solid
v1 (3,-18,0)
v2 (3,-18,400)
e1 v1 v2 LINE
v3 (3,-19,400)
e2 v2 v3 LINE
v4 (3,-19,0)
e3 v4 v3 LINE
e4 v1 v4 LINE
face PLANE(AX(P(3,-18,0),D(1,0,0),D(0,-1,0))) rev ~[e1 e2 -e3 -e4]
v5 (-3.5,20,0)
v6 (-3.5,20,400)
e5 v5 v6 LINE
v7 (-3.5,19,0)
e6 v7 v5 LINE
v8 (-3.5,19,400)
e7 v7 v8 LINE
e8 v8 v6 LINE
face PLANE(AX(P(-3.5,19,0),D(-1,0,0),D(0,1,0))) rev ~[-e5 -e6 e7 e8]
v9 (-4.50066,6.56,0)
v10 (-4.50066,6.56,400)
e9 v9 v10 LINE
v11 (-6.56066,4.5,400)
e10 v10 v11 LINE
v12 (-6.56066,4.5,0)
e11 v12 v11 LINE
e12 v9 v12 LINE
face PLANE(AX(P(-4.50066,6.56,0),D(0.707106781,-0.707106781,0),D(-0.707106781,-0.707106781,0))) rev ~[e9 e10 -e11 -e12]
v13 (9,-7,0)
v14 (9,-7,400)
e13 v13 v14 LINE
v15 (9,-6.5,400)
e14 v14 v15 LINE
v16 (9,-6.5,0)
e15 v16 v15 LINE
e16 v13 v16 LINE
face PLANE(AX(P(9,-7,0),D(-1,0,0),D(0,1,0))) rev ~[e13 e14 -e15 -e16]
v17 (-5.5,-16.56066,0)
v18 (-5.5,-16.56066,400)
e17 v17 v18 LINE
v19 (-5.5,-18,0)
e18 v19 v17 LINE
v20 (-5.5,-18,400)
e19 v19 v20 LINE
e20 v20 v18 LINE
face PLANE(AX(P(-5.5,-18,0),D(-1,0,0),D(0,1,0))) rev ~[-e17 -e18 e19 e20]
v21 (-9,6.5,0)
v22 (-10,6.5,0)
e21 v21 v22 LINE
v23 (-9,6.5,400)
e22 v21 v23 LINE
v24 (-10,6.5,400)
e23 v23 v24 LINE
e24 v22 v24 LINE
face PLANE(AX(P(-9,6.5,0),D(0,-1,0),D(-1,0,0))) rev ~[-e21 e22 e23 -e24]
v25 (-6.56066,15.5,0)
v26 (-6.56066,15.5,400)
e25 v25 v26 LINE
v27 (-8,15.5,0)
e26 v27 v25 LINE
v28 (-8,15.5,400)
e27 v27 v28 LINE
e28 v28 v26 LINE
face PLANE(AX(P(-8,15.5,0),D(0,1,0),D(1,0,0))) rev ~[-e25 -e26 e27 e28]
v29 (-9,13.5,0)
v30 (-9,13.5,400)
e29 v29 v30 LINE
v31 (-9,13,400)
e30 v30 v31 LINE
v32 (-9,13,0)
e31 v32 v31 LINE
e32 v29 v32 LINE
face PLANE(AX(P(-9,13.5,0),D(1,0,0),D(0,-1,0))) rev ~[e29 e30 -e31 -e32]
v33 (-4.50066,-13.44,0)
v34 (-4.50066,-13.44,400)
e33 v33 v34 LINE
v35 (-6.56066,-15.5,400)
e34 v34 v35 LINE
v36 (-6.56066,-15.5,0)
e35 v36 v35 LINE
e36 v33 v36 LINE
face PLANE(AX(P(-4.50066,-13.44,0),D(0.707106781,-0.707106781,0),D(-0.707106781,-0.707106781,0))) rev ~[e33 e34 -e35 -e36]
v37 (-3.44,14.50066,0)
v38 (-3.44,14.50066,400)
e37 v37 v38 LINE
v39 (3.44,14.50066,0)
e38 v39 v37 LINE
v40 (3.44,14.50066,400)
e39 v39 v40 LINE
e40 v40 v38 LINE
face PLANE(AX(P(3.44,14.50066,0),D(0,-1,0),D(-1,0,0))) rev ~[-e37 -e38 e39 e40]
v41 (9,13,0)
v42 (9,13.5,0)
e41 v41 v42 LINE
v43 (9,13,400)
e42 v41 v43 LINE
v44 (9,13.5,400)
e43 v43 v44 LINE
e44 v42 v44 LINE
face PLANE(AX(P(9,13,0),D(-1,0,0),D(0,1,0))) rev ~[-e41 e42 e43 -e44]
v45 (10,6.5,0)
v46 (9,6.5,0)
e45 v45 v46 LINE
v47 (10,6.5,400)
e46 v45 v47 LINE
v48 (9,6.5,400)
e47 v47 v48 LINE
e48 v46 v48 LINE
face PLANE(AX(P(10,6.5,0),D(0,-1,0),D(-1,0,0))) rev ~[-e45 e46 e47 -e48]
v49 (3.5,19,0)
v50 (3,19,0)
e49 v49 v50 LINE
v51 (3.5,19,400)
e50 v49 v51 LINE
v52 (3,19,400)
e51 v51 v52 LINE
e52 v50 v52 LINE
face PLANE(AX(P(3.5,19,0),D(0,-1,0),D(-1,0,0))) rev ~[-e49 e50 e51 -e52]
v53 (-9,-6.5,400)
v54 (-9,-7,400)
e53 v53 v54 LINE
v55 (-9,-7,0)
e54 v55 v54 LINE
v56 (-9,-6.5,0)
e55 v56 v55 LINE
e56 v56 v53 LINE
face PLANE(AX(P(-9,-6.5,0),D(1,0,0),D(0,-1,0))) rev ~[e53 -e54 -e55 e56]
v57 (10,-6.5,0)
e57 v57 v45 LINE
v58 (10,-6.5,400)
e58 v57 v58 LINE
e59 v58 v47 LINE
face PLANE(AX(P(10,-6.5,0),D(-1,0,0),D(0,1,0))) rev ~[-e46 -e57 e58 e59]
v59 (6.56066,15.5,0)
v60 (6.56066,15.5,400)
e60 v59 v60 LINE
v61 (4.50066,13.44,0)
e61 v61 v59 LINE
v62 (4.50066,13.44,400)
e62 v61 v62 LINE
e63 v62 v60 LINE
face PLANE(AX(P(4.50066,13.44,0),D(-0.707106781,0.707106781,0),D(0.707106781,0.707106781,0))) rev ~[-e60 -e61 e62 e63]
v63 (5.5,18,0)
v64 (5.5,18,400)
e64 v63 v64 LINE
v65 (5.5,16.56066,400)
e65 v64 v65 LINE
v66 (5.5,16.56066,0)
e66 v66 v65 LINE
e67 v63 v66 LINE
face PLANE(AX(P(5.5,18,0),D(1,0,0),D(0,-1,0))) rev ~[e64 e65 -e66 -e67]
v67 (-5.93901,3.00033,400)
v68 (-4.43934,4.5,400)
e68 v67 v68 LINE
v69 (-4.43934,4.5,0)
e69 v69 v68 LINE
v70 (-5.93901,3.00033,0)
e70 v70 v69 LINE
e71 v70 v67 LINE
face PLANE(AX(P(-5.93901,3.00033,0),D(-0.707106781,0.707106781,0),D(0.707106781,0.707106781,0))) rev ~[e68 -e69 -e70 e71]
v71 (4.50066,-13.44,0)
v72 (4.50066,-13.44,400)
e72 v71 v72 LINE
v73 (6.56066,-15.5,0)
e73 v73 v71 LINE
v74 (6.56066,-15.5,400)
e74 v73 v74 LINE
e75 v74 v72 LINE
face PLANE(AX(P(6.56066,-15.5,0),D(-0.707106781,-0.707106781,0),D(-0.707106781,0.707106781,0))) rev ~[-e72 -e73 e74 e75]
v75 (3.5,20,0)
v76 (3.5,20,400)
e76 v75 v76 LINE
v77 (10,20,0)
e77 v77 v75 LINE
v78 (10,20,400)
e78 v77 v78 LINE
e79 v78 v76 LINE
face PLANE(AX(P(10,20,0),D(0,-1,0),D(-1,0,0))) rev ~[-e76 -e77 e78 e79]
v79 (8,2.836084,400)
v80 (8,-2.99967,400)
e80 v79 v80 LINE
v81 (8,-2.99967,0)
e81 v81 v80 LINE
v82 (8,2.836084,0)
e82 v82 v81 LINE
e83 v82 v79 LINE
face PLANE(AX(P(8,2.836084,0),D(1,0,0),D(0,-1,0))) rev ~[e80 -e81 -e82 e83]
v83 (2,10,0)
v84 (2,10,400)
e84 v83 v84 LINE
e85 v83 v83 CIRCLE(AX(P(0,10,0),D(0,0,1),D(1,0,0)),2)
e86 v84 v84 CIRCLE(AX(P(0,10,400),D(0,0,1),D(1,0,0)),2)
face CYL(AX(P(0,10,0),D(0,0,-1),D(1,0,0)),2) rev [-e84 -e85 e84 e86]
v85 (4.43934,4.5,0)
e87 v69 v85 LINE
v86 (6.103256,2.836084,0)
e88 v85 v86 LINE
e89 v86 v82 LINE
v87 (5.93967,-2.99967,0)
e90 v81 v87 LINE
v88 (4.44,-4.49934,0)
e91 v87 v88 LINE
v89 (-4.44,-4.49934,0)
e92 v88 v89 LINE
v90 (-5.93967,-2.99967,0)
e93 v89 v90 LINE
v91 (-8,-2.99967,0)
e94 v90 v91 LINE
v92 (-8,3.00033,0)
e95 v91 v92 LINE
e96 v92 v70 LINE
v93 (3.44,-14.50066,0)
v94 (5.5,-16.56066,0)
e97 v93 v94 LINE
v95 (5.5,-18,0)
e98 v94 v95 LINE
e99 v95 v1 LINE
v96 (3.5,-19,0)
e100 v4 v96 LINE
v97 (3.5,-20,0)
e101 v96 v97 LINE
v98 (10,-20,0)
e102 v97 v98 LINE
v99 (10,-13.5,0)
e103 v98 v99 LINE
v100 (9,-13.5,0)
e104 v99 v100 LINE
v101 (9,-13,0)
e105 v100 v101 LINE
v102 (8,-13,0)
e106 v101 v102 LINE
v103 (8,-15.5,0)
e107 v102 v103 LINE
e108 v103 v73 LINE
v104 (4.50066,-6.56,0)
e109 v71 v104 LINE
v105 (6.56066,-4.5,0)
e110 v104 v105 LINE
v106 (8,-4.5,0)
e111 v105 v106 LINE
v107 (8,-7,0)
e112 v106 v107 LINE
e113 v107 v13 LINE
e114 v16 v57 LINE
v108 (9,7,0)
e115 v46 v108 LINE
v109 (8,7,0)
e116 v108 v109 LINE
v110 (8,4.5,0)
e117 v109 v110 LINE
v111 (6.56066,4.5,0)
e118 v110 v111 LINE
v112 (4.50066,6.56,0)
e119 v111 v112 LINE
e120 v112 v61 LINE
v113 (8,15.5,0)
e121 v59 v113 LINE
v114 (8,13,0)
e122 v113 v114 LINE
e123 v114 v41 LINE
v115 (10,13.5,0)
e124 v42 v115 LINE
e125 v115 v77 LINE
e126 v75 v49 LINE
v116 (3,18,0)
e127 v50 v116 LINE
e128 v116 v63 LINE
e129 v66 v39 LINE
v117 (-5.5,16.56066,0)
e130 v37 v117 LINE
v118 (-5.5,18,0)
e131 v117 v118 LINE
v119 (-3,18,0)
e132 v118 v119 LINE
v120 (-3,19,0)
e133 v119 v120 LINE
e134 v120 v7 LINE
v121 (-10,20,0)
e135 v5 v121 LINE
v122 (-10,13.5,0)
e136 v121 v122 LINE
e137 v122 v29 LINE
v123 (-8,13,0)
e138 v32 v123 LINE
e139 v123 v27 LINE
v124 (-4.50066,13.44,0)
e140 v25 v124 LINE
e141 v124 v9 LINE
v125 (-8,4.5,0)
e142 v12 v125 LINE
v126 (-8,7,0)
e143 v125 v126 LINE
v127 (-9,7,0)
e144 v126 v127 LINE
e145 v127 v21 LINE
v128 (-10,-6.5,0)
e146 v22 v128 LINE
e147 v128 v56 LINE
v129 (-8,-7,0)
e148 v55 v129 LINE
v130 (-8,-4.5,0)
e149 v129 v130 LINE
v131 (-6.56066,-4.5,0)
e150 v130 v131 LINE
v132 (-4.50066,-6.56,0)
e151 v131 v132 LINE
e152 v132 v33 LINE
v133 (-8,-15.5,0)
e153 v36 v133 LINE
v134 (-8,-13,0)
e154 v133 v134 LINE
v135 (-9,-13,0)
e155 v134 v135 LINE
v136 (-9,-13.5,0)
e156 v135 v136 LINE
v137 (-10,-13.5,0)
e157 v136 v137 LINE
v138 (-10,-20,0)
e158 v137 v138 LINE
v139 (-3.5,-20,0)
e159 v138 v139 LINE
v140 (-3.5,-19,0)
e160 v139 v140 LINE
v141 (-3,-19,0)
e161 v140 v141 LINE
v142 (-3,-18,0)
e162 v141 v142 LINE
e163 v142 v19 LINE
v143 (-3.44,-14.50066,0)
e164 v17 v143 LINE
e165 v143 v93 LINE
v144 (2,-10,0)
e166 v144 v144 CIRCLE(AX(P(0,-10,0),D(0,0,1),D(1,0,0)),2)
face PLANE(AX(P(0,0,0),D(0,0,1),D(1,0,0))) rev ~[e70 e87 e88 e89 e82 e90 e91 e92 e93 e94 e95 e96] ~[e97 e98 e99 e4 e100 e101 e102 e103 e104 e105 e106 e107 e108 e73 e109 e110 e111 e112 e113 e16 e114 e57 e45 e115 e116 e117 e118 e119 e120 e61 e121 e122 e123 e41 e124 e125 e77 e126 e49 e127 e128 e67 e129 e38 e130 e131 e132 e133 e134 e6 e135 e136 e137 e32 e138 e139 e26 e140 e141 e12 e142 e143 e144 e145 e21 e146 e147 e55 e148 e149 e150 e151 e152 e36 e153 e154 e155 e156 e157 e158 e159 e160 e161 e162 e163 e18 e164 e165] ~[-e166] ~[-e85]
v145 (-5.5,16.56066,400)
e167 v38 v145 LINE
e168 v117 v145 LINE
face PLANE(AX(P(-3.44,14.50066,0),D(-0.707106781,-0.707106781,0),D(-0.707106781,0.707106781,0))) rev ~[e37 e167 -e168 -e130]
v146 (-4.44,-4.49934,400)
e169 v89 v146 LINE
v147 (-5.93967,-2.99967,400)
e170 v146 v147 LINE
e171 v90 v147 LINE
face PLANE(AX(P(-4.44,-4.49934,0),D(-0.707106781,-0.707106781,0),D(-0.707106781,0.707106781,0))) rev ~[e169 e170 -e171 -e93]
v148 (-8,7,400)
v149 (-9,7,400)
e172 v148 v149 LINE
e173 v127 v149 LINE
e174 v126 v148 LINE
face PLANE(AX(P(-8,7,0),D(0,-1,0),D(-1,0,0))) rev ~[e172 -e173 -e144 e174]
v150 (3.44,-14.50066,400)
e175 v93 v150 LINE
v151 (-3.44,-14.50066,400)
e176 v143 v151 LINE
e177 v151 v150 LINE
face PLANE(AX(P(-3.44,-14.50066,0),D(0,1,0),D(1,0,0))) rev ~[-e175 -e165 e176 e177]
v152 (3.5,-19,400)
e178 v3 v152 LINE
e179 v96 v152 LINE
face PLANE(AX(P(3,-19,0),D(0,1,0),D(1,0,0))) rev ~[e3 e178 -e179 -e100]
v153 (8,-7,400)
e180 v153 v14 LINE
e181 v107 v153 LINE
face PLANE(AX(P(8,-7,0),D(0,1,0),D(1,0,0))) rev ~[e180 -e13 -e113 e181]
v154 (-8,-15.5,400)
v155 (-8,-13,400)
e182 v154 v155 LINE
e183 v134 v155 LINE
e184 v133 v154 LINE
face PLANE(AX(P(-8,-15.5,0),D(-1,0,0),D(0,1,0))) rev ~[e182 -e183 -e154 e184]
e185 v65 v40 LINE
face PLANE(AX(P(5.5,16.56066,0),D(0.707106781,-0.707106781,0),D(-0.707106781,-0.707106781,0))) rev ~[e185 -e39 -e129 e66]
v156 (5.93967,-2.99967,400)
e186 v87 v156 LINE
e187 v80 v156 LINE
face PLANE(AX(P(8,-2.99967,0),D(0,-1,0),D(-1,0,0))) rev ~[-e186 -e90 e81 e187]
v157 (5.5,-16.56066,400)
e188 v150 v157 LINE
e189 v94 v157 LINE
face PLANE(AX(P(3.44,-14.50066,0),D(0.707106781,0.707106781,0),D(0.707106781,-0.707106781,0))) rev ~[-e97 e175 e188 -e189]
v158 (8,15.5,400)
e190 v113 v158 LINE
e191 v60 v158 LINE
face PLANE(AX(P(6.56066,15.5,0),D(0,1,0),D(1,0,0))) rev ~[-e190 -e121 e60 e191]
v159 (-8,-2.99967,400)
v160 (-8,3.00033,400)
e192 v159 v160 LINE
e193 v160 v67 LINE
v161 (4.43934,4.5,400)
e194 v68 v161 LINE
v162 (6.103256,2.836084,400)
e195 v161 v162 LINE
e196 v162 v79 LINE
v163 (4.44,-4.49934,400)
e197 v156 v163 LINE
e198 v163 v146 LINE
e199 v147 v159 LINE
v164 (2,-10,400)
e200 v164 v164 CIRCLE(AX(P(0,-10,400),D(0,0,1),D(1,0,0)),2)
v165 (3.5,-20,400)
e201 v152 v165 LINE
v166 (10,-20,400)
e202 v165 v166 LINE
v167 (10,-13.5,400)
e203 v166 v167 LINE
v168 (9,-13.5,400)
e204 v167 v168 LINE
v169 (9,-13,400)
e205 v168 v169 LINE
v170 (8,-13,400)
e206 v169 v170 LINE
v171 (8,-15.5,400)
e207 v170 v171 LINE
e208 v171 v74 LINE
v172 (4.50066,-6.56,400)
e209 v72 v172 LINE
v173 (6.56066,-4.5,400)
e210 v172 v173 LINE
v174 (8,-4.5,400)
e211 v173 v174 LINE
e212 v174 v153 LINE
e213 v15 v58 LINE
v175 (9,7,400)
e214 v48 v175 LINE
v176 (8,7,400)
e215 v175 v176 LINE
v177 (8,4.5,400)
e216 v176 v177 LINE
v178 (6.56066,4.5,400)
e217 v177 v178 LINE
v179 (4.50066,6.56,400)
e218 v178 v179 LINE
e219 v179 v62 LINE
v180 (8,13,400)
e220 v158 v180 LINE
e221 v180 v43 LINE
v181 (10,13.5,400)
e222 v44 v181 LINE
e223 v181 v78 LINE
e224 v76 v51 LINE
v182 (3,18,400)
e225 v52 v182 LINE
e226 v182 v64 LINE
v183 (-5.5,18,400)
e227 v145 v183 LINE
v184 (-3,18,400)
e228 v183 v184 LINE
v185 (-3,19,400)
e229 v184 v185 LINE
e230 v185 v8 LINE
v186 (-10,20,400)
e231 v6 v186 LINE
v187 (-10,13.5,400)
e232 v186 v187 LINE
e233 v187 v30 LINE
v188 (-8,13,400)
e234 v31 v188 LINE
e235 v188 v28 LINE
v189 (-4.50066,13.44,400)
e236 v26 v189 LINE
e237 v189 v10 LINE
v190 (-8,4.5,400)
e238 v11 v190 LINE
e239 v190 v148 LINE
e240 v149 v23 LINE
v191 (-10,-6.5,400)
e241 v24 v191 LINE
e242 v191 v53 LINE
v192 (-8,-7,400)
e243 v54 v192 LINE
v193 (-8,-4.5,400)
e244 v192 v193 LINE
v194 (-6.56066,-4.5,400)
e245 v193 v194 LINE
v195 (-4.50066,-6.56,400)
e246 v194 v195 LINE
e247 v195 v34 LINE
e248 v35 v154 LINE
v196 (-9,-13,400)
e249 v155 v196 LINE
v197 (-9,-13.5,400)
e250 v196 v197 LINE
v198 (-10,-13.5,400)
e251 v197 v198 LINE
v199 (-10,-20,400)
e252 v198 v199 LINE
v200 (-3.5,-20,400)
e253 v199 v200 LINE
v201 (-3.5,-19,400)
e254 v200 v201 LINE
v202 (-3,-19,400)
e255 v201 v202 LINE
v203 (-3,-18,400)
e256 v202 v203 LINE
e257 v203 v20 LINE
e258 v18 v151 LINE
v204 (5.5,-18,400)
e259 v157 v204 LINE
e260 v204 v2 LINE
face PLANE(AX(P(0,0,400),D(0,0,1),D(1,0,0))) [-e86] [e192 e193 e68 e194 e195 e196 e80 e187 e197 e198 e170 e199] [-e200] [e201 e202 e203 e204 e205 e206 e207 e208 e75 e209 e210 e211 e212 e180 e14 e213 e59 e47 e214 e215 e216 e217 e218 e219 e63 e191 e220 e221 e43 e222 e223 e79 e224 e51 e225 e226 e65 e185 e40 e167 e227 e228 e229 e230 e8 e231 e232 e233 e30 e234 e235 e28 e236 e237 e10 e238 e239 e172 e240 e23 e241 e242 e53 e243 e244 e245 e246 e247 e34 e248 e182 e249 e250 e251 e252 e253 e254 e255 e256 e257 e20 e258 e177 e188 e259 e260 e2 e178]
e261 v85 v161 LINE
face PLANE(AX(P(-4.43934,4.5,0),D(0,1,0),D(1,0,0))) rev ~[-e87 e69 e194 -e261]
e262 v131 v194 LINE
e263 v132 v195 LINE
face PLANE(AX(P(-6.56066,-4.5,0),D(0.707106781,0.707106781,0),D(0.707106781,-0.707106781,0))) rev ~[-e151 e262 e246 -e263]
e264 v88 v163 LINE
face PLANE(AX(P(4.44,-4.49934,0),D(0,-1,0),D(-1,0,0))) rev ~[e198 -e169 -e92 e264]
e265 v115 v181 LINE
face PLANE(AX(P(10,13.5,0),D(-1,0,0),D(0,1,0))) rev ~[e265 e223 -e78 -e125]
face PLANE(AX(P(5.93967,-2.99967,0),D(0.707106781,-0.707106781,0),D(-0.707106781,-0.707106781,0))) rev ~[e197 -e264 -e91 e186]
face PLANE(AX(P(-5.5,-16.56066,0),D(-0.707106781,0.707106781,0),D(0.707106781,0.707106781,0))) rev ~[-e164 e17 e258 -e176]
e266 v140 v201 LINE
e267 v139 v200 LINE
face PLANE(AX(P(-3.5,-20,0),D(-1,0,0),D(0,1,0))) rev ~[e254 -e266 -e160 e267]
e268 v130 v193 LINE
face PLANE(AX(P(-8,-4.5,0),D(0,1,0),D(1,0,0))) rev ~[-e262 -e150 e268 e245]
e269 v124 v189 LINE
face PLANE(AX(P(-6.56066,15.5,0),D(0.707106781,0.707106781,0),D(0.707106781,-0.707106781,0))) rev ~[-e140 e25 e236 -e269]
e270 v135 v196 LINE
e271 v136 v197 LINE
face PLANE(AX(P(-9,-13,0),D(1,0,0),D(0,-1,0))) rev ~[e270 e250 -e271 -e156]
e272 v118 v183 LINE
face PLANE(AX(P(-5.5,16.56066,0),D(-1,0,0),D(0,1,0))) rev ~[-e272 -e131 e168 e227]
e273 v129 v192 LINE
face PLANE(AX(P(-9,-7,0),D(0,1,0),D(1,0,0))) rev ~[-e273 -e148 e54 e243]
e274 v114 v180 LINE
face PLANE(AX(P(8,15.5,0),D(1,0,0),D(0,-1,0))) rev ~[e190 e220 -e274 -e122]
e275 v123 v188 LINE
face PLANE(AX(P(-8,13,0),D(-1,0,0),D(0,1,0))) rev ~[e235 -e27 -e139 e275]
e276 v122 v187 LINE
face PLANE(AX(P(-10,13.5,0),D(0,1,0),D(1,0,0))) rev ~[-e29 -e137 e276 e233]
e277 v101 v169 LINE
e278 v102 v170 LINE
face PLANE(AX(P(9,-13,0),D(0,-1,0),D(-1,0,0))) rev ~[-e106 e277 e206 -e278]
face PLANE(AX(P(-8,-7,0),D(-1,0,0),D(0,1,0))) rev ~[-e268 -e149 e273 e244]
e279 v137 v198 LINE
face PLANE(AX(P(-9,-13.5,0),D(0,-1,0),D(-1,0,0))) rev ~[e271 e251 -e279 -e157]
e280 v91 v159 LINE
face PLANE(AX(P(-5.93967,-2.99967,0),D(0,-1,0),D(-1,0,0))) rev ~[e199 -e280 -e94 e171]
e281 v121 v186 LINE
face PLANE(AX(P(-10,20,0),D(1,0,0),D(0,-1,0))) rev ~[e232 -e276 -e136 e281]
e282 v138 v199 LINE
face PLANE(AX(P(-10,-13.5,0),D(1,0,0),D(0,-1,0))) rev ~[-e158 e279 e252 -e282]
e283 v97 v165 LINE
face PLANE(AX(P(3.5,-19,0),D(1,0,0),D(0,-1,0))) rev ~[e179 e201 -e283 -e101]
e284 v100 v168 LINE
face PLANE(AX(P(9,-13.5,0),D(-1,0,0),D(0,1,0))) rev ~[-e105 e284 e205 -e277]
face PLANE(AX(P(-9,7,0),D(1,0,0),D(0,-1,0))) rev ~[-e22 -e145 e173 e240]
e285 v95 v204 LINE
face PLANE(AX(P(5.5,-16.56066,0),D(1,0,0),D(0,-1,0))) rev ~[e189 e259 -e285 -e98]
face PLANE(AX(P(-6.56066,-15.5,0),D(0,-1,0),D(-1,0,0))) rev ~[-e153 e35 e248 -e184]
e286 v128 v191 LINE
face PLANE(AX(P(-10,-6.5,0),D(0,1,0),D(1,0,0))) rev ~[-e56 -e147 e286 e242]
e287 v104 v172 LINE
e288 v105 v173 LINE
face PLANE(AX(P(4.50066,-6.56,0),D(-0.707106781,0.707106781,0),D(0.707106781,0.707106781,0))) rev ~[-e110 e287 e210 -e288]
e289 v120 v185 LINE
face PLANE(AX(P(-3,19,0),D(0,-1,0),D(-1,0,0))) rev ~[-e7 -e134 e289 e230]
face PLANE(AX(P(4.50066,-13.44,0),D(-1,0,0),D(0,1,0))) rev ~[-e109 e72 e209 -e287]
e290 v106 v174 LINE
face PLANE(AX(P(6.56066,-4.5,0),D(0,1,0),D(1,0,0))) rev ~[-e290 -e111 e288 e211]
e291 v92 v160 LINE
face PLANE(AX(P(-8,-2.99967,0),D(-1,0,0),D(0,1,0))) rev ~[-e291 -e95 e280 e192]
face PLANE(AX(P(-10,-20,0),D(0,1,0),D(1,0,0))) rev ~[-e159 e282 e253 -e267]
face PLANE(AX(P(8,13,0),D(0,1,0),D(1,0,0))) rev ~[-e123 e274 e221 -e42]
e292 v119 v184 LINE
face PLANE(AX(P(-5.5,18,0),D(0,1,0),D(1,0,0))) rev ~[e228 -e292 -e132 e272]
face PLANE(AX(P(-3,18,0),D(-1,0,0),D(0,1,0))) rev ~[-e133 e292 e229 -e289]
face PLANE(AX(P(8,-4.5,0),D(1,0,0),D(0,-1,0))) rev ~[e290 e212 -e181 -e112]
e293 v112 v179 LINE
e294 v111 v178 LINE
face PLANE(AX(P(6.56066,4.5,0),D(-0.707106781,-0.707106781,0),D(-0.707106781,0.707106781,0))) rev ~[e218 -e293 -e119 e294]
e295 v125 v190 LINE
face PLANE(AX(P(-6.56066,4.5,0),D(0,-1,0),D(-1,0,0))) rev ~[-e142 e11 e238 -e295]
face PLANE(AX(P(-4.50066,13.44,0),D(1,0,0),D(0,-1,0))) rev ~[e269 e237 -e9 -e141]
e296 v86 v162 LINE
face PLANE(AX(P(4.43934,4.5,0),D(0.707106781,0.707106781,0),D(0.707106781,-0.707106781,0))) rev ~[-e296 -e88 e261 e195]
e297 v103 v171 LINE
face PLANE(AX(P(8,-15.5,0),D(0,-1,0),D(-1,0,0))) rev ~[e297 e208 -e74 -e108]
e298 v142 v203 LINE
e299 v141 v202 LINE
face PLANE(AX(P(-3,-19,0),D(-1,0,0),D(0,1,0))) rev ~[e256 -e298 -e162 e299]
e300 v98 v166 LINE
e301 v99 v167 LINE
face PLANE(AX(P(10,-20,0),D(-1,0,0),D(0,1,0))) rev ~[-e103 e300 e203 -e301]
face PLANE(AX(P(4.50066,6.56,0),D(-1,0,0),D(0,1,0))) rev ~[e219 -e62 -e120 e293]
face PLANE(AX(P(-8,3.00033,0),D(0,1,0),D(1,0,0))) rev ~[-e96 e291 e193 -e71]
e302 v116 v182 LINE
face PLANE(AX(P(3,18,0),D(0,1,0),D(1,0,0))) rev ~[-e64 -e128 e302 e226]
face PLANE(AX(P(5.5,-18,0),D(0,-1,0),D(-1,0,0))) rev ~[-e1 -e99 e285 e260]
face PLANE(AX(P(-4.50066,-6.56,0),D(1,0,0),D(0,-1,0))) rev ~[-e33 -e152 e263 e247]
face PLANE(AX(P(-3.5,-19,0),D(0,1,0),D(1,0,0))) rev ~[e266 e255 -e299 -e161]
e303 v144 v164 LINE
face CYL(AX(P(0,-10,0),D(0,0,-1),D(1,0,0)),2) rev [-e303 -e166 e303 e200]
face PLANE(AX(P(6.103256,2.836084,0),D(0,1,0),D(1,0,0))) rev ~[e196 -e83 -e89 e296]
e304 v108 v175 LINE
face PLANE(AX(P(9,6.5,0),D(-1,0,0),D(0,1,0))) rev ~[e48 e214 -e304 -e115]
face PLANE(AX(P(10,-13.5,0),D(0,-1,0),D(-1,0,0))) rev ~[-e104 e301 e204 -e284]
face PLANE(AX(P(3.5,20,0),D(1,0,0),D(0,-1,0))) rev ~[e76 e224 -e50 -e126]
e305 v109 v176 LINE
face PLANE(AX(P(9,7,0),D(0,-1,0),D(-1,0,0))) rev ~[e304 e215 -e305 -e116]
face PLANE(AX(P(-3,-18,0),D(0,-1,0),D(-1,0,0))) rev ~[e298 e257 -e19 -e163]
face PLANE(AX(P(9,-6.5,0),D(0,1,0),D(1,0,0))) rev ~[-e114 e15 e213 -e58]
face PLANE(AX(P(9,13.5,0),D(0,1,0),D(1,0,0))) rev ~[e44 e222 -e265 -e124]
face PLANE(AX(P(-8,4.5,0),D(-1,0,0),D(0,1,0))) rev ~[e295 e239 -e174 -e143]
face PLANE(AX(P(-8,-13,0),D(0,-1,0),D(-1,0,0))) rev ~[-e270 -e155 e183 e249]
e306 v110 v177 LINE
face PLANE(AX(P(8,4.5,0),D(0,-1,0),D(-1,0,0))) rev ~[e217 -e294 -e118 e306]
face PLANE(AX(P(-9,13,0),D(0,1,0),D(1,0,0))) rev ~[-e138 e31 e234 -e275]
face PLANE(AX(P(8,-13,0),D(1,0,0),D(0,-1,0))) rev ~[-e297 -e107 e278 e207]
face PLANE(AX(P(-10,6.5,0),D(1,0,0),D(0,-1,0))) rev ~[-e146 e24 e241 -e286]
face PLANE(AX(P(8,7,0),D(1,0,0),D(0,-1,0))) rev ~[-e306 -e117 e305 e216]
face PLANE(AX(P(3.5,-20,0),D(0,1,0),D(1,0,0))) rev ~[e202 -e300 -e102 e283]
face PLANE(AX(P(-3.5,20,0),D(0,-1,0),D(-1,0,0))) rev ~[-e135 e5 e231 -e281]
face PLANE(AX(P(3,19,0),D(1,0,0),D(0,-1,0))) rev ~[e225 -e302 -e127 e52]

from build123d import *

# Parameters (mm, degrees)
SKETCH1_R           = 2
BOSS_EXTRUDE1_DEPTH = 400


with BuildPart() as part:
    # Sketch1 → Boss-Extrude1 (new body)
    with BuildSketch(Plane.XY):
        Polygon((-10, -20), (-3.5, -20), (-3.5, -19), (-3, -19), (-3, -18), (-5.5, -18), (-5.5, -16.560660172), (-3.44, -14.500660172), (3.44, -14.500660172), (5.5, -16.560660172), (5.5, -18), (3, -18), (3, -19), (3.5, -19), (3.5, -20), (10, -20), (10, -13.5), (9, -13.5), (9, -13), (8, -13), (8, -15.5), (6.560660172, -15.5), (4.500660172, -13.44), (4.500660172, -6.56), (6.560660172, -4.5), (8, -4.5), (8, -7), (9, -7), (9, -6.5), (10, -6.5), (10, 6.5), (9, 6.5), (9, 7), (8, 7), (8, 4.5), (6.560660172, 4.5), (4.500660172, 6.56), (4.500660172, 13.44), (6.560660172, 15.5), (8, 15.5), (8, 13), (9, 13), (9, 13.5), (10, 13.5), (10, 20), (3.5, 20), (3.5, 19), (3, 19), (3, 18), (5.5, 18), (5.5, 16.560660172), (3.44, 14.500660172), (-3.44, 14.500660172), (-5.5, 16.560660172), (-5.5, 18), (-3, 18), (-3, 19), (-3.5, 19), (-3.5, 20), (-10, 20), (-10, 13.5), (-9, 13.5), (-9, 13), (-8, 13), (-8, 15.5), (-6.560660172, 15.5), (-4.500660172, 13.44), (-4.500660172, 6.56), (-6.560660172, 4.5), (-8, 4.5), (-8, 7), (-9, 7), (-9, 6.5), (-10, 6.5), (-10, -6.5), (-9, -6.5), (-9, -7), (-8, -7), (-8, -4.5), (-6.560660172, -4.5), (-4.500660172, -6.56), (-4.500660172, -13.44), (-6.560660172, -15.5), (-8, -15.5), (-8, -13), (-9, -13), (-9, -13.5), (-10, -13.5), align=None)
        with Locations((0, 10)):
            Circle(SKETCH1_R, mode=Mode.SUBTRACT)
        with Locations((0, -10)):
            Circle(SKETCH1_R, mode=Mode.SUBTRACT)
        Polygon((-4.439339828, 4.5), (4.439339828, 4.5), (6.103256126, 2.836083702), (8, 2.836083702), (8, -2.999669914), (5.939669914, -2.999669914), (4.44, -4.499339828), (-4.44, -4.499339828), (-5.939669914, -2.999669914), (-8, -2.999669914), (-8, 3.000330086), (-5.939009742, 3.000330086), align=None, mode=Mode.SUBTRACT)
    extrude(amount=BOSS_EXTRUDE1_DEPTH)


solid = part.part
